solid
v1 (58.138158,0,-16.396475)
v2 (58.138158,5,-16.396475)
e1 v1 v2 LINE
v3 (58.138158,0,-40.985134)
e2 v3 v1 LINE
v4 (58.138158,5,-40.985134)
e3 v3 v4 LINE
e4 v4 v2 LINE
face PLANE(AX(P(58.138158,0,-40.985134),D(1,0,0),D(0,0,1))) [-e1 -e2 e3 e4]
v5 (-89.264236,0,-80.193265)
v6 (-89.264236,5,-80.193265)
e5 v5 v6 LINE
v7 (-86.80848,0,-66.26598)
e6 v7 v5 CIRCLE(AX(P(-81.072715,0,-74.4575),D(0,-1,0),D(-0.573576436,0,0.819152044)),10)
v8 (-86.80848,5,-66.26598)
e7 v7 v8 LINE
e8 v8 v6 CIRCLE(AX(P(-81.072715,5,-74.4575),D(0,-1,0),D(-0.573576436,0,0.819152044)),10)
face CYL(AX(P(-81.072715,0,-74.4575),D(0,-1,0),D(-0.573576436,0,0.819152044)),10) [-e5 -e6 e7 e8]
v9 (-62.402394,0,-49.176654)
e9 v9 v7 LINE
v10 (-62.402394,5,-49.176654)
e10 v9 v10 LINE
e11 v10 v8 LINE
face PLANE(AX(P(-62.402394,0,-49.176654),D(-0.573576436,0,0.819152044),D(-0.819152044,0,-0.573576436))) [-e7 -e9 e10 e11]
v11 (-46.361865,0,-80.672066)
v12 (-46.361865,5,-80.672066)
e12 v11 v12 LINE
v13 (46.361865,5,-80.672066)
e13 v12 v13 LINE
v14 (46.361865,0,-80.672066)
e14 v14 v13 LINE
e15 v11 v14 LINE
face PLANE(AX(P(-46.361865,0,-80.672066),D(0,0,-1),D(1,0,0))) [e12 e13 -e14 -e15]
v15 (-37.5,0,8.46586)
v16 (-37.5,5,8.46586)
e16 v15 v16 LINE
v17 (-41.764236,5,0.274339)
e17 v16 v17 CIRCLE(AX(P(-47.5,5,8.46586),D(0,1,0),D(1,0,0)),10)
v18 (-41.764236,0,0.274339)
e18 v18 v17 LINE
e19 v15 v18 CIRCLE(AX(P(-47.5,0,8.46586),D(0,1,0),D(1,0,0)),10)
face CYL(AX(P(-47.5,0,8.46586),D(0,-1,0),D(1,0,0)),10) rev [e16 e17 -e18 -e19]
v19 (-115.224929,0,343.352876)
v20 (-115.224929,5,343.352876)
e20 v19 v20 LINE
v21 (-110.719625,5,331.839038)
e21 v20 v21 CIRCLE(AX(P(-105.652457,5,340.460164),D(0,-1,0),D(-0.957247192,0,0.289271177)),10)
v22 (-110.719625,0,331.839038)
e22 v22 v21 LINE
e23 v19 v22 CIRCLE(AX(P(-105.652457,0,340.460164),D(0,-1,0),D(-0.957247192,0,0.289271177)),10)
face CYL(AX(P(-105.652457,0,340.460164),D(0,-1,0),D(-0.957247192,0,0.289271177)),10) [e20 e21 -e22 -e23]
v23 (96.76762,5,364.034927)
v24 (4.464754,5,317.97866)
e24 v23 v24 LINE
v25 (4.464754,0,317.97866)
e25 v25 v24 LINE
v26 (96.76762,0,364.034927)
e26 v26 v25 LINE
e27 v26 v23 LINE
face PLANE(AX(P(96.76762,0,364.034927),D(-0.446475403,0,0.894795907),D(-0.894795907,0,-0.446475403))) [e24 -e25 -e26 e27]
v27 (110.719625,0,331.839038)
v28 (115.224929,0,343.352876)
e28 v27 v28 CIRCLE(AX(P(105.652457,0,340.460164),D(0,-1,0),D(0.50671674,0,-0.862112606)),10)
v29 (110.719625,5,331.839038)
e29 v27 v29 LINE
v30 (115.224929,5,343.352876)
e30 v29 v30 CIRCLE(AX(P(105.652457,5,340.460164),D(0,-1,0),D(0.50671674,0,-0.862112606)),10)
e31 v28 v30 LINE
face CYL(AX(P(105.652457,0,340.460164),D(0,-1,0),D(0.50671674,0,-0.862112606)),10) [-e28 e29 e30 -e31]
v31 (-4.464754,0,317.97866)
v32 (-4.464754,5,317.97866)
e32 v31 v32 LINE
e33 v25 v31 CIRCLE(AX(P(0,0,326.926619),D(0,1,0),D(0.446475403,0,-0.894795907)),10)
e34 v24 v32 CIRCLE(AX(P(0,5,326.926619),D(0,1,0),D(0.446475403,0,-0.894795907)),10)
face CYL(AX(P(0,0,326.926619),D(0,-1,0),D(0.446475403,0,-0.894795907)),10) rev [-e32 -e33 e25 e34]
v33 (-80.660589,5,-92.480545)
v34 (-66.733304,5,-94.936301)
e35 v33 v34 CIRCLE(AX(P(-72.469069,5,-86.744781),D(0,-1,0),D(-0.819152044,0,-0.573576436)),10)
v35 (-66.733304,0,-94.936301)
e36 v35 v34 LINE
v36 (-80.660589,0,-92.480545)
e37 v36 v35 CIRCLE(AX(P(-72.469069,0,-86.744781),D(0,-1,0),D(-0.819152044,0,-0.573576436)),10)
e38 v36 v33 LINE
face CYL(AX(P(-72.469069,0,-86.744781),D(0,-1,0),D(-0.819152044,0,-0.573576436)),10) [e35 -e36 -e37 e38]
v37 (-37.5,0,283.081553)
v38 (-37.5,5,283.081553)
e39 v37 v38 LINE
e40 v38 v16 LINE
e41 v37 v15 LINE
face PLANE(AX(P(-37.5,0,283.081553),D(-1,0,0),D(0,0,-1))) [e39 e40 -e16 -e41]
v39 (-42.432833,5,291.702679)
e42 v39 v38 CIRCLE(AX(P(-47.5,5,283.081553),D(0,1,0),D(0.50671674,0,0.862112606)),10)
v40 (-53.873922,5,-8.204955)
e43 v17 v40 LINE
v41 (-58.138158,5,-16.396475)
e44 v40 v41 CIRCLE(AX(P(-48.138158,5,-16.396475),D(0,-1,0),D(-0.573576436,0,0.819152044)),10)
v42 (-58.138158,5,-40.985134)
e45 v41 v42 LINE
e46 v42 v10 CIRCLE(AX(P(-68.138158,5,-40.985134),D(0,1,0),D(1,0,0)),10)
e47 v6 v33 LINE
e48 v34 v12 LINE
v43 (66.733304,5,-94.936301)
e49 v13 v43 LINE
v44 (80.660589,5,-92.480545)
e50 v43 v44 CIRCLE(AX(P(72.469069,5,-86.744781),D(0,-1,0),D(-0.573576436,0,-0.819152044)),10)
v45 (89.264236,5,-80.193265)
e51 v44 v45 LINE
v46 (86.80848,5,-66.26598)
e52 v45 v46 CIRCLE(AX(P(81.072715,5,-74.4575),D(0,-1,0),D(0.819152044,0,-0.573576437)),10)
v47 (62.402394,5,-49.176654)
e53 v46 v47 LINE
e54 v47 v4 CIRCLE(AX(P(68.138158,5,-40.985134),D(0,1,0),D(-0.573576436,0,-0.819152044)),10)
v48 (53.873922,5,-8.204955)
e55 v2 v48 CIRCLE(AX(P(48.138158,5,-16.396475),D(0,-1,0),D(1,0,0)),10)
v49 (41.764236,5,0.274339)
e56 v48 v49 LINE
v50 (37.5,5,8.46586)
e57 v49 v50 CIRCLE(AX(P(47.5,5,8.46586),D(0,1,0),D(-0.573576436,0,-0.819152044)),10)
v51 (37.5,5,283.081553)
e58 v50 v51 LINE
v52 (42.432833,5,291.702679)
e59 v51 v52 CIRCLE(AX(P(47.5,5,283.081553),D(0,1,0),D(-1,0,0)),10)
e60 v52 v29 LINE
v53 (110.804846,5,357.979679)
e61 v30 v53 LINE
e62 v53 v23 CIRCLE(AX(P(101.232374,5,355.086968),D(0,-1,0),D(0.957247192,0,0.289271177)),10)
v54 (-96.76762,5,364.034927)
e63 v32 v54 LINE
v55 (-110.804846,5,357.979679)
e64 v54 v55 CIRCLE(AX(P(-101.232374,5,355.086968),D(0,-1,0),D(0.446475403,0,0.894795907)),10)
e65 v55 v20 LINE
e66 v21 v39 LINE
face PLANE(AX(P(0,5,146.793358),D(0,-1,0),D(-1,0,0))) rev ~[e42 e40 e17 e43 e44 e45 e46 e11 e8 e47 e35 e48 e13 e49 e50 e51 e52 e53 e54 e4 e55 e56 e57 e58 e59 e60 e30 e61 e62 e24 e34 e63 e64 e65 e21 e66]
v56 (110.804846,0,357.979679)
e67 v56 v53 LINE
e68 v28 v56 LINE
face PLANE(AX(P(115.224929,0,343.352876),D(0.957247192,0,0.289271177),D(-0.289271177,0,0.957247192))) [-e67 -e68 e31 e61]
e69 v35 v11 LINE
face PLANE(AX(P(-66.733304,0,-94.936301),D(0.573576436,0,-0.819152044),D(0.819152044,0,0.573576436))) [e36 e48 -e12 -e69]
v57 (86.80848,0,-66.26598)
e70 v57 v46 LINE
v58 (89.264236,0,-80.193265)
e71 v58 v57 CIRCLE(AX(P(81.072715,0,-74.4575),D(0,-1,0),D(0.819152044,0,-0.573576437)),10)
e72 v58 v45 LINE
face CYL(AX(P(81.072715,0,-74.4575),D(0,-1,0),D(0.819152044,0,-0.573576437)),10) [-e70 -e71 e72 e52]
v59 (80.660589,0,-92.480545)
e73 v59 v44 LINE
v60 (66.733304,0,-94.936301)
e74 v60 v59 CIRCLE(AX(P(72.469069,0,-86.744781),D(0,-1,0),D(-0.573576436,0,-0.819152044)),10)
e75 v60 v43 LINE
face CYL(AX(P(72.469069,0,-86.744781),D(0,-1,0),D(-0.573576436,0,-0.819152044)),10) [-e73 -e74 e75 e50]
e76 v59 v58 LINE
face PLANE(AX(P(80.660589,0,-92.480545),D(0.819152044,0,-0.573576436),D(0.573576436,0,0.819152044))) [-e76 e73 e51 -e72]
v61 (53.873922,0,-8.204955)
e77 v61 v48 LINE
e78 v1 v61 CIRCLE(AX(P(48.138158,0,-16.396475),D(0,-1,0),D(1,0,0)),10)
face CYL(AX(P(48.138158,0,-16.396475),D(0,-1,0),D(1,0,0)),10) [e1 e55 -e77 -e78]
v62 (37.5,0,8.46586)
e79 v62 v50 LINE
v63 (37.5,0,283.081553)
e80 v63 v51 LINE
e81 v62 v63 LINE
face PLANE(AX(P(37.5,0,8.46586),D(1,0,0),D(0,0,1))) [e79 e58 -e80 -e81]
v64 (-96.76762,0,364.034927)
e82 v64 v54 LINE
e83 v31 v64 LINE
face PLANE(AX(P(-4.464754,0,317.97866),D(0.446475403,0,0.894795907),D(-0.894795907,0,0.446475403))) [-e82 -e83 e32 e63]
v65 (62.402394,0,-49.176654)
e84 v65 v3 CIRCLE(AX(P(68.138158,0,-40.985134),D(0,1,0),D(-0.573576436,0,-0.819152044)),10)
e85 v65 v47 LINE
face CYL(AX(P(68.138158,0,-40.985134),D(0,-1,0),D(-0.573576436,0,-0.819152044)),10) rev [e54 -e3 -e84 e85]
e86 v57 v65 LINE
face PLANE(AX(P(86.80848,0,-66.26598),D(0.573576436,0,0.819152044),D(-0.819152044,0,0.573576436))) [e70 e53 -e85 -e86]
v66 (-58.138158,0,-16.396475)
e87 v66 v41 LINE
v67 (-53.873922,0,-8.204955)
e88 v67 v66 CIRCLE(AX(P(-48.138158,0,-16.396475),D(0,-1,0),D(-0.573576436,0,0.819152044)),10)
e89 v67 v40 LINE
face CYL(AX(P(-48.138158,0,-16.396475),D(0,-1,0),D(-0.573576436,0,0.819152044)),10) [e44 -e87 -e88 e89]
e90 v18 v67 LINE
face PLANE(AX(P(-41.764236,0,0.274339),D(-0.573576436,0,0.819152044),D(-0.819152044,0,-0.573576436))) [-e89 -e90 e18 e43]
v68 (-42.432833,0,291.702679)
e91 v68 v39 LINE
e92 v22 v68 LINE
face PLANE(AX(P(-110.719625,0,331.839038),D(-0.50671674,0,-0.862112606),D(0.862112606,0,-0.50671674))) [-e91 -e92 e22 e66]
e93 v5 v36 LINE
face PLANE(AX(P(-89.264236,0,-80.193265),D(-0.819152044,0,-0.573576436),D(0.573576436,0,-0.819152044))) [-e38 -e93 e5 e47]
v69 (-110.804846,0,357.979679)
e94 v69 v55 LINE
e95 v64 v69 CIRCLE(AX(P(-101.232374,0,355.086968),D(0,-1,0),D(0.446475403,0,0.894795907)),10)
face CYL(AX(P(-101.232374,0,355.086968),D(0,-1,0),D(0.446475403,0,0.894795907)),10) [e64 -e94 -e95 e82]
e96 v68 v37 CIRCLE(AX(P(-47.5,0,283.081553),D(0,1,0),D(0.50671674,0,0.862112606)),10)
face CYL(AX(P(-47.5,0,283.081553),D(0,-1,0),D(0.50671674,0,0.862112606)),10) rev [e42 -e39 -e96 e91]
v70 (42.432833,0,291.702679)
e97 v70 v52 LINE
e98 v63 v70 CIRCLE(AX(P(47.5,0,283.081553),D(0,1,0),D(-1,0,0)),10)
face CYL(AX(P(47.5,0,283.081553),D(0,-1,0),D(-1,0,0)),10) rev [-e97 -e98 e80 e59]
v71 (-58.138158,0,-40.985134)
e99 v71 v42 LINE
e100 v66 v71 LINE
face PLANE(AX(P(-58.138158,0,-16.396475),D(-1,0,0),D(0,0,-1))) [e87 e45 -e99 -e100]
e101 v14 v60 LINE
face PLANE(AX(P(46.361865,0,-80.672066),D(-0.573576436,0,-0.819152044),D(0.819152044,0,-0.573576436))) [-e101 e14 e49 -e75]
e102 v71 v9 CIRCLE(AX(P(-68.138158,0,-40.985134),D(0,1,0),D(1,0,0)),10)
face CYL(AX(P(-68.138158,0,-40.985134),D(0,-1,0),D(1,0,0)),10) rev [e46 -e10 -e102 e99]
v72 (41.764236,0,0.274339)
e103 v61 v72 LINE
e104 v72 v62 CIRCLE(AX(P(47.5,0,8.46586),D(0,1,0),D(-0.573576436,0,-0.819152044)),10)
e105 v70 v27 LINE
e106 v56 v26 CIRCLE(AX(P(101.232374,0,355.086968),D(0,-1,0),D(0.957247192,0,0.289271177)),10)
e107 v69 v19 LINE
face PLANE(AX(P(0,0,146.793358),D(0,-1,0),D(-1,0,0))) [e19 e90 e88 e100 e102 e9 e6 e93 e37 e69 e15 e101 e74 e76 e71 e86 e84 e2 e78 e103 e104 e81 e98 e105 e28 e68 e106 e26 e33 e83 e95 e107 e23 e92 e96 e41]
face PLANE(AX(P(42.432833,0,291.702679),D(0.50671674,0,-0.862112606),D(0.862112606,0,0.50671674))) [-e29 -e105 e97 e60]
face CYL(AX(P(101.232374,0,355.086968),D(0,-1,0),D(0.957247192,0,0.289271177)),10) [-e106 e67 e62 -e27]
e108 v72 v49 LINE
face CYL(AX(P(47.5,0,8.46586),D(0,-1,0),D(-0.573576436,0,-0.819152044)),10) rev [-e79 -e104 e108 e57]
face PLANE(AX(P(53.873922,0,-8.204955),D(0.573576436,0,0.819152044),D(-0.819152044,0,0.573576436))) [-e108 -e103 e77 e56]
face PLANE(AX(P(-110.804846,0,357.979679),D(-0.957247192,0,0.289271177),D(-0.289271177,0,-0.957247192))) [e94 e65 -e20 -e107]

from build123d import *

# Parameters (mm, degrees)
BOSS_EXTRUDE1_DEPTH = 5


with BuildPart() as part:
    # Sketch2 → Boss-Extrude1 (new body)
    with BuildSketch(Plane(origin=(0, 0, 0), x_dir=(1, 0, 0), z_dir=(0, 1, 0))):
        with BuildLine():
            Line((-46.361864593, 80.672065662), (46.361864593, 80.672065662))
            Line((46.361864593, 80.672065662), (66.733304285, 94.936301299))
            ThreePointArc((66.733304285, 94.936301299), (74.205550425, 96.592858386), (80.660589091, 92.480545219))
            Line((80.660589091, 92.480545219), (89.264235636, 80.193264555))
            ThreePointArc((89.264235636, 80.193264555), (90.920792724, 72.721018415), (86.808479557, 66.265979749))
            Line((86.808479557, 66.265979749), (62.402393643, 49.176654414))
            ThreePointArc((62.402393643, 49.176654414), (59.268049675, 45.602620103), (58.138158007, 40.985133971))
            Line((58.138158007, 40.985133971), (58.138158007, 16.396474982))
            ThreePointArc((58.138158007, 16.396474982), (57.008266339, 11.77898885), (53.873922371, 8.204954539))
            Line((53.873922371, 8.204954539), (41.764235636, -0.274339397))
            ThreePointArc((41.764235636, -0.274339397), (38.629891668, -3.848373708), (37.5, -8.46585984))
            Line((37.5, -8.46585984), (37.5, -283.0815533))
            ThreePointArc((37.5, -283.0815533), (38.82037806, -288.047856048), (42.432832597, -291.702679358))
            Line((42.432832597, -291.702679358), (110.719624802, -331.839038015))
            ThreePointArc((110.719624802, -331.839038015), (114.964915466, -336.816247945), (115.224929316, -343.352875846))
            Line((115.224929316, -343.352875846), (110.804845639, -357.979679412))
            ThreePointArc((110.804845639, -357.979679412), (105.193270142, -364.269086107), (96.767619692, -364.034926706))
            Line((96.767619692, -364.034926706), (4.46475403, -317.978659754))
            ThreePointArc((4.46475403, -317.978659754), (0, -316.92661882), (-4.46475403, -317.978659754))
            Line((-4.46475403, -317.978659754), (-96.767619692, -364.034926706))
            ThreePointArc((-96.767619692, -364.034926706), (-105.193270142, -364.269086107), (-110.804845639, -357.979679412))
            Line((-110.804845639, -357.979679412), (-115.224929316, -343.352875846))
            ThreePointArc((-115.224929316, -343.352875846), (-114.964915466, -336.816247945), (-110.719624802, -331.839038015))
            Line((-110.719624802, -331.839038015), (-42.432832597, -291.702679358))
            ThreePointArc((-42.432832597, -291.702679358), (-38.82037806, -288.047856048), (-37.5, -283.0815533))
            Line((-37.5, -283.0815533), (-37.5, -8.46585984))
            ThreePointArc((-37.5, -8.46585984), (-38.629891668, -3.848373708), (-41.764235636, -0.274339397))
            Line((-41.764235636, -0.274339397), (-53.873922371, 8.204954539))
            ThreePointArc((-53.873922371, 8.204954539), (-57.008266339, 11.77898885), (-58.138158007, 16.396474982))
            Line((-58.138158007, 16.396474982), (-58.138158007, 40.985133971))
            ThreePointArc((-58.138158007, 40.985133971), (-59.268049675, 45.602620103), (-62.402393643, 49.176654414))
            Line((-62.402393643, 49.176654414), (-86.808479557, 66.265979749))
            ThreePointArc((-86.808479557, 66.265979749), (-90.920792724, 72.721018415), (-89.264235636, 80.193264555))
            Line((-89.264235636, 80.193264555), (-80.660589091, 92.480545219))
            ThreePointArc((-80.660589091, 92.480545219), (-74.205550425, 96.592858386), (-66.733304285, 94.936301299))
            Line((-66.733304285, 94.936301299), (-46.361864593, 80.672065662))
        make_face()
    extrude(amount=BOSS_EXTRUDE1_DEPTH)


solid = part.part
